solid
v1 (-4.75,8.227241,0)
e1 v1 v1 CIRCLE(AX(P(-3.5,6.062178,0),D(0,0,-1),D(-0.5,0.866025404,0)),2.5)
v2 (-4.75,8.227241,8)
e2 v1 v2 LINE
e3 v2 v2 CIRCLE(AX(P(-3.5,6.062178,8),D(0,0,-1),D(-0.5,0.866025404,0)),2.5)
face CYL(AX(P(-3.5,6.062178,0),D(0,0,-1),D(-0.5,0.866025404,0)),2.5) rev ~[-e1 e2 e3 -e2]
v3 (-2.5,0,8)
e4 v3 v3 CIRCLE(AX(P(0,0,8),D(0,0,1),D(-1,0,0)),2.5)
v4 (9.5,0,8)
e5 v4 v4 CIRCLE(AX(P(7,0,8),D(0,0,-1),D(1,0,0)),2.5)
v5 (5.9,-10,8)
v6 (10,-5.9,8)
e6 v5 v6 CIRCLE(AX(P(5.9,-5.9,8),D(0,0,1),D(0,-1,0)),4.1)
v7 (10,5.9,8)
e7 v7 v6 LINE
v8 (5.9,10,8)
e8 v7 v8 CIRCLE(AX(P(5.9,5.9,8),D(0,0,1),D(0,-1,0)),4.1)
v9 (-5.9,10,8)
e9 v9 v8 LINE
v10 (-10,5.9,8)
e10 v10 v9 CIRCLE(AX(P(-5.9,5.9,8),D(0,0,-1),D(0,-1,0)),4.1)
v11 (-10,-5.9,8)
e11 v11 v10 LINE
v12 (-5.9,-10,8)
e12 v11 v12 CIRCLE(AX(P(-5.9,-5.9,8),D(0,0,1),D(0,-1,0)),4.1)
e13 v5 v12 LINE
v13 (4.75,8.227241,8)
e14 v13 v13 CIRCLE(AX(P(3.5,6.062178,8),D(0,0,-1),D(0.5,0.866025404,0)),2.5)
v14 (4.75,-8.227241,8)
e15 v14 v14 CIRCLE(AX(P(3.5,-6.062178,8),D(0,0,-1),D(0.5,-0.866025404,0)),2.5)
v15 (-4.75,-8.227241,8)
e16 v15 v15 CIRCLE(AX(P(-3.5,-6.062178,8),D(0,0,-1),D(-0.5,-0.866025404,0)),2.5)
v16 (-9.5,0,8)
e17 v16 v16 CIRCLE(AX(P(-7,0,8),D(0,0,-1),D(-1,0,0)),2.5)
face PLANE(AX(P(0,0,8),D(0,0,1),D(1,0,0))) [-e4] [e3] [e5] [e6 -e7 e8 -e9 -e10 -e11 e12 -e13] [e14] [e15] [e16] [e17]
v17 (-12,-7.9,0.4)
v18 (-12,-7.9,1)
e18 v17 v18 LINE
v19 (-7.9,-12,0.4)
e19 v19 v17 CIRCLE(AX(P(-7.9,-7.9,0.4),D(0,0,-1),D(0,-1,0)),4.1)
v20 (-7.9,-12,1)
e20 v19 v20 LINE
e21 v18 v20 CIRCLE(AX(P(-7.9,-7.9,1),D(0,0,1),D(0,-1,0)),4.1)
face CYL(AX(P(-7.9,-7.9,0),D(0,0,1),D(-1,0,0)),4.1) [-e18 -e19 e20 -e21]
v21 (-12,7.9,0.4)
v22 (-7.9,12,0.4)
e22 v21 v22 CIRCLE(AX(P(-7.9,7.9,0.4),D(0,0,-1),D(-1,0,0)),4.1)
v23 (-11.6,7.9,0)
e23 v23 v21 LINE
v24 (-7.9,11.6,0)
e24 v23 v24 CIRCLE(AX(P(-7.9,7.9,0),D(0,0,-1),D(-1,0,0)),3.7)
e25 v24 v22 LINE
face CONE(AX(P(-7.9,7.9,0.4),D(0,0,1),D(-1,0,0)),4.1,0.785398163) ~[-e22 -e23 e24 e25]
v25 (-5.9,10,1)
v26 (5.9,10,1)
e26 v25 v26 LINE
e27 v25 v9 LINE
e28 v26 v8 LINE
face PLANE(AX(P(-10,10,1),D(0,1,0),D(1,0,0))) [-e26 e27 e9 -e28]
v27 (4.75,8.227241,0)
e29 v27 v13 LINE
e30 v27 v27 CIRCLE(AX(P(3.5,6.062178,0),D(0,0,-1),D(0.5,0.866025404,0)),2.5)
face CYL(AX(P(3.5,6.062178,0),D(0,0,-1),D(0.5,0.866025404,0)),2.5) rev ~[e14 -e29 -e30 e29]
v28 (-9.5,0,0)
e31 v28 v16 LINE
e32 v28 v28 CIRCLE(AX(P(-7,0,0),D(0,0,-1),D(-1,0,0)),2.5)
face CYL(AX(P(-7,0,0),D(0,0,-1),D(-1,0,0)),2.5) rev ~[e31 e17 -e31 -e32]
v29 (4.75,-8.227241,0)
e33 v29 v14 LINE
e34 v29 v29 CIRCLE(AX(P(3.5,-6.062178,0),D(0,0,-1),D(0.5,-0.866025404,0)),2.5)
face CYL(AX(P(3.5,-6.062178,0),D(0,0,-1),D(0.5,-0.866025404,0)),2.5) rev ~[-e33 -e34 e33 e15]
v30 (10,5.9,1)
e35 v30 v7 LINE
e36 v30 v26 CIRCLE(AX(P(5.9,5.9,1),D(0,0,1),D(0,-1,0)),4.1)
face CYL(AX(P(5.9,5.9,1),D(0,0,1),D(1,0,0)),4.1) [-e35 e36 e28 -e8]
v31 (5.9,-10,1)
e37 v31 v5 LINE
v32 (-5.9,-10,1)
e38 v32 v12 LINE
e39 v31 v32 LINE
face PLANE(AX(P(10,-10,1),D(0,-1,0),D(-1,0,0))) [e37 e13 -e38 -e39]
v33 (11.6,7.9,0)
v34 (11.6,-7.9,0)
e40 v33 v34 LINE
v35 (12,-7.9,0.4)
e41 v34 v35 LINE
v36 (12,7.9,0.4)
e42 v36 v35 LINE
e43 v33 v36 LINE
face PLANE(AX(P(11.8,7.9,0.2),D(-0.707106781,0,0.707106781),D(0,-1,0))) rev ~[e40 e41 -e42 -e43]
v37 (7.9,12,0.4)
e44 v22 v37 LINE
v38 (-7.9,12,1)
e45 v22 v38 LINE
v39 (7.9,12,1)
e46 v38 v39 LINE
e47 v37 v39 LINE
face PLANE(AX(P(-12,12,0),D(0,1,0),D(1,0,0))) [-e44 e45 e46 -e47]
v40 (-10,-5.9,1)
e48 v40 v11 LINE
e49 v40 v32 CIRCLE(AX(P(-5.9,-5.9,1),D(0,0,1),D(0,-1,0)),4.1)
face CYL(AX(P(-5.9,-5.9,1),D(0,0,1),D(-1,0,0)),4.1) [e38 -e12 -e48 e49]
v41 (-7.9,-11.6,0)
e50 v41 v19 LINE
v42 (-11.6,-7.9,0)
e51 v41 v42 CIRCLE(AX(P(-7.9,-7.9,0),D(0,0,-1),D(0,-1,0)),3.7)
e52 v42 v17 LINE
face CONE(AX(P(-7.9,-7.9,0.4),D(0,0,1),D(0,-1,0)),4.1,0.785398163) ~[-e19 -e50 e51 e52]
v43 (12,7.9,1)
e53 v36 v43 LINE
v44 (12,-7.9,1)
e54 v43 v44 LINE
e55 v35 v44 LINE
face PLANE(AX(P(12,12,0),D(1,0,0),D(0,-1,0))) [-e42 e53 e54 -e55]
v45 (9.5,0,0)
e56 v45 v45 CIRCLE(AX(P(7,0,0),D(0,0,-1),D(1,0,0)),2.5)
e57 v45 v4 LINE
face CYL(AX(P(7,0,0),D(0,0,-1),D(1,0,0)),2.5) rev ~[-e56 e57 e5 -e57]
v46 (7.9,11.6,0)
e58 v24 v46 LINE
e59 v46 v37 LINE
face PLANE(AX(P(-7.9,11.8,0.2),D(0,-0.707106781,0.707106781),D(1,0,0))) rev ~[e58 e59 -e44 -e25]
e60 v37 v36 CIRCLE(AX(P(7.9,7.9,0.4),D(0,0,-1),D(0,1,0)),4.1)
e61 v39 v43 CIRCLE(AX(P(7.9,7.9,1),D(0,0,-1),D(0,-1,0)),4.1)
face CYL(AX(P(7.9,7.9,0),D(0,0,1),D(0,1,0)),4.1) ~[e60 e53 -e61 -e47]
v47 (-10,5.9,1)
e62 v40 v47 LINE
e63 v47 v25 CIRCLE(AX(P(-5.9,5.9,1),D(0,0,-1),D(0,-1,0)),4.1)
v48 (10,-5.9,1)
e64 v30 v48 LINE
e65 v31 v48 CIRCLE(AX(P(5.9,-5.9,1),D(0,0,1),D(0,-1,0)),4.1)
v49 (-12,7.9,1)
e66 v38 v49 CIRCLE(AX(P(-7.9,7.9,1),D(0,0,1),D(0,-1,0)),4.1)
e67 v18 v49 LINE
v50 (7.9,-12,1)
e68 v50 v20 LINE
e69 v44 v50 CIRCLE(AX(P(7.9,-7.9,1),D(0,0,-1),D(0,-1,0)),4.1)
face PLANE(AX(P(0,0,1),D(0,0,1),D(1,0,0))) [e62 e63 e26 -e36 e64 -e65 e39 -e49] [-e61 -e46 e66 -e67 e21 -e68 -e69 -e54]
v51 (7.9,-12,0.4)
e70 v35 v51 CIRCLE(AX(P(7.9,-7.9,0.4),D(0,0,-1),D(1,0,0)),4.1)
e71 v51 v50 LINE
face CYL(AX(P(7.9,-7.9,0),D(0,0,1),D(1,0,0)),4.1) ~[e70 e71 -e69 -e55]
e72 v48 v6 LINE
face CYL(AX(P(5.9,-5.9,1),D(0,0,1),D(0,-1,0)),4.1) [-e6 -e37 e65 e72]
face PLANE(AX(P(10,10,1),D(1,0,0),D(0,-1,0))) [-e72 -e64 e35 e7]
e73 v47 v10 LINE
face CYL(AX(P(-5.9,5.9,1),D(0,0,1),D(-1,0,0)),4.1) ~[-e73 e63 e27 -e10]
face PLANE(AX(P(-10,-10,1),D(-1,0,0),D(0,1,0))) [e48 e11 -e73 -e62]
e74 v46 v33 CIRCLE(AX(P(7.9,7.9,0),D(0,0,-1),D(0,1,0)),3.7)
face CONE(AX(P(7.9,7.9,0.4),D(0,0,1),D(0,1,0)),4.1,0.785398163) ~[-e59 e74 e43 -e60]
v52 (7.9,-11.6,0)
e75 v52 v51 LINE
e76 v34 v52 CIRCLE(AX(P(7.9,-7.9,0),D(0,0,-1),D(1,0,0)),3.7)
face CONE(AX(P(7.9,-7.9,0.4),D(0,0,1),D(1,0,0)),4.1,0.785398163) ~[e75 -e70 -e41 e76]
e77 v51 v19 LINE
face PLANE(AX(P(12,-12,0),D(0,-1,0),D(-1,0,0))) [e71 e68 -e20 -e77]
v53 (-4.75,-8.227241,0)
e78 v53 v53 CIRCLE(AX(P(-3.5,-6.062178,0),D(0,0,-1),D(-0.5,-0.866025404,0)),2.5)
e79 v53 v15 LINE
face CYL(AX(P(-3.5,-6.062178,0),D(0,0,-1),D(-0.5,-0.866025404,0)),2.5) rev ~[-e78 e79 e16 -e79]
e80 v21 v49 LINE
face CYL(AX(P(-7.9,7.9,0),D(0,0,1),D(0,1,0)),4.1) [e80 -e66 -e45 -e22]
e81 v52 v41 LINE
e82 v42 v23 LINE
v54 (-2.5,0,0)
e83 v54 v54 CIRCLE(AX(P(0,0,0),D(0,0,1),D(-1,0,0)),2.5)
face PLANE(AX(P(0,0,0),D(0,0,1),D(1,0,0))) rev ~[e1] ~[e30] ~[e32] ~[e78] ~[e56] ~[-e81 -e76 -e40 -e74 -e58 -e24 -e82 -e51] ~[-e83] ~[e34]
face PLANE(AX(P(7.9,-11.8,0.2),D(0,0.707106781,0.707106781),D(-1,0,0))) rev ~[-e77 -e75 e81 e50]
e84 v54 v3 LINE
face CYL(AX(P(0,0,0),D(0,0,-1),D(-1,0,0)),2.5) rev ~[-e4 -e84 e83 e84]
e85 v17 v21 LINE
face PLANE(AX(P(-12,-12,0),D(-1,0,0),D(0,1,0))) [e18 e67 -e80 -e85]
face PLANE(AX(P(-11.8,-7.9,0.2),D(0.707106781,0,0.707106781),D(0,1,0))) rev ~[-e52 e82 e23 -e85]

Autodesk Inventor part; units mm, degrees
ref_plane "YZ Plane" through (0, 0, 0) normal (1, 0, 0) x (0, 1, 0)
ref_plane "XZ Plane" through (0, 0, 0) normal (0, 1, 0) x (-1, 0, 0)
ref_plane "XY Plane" through (0, 0, 0) normal (0, 0, 1) x (1, 0, 0)
sketch "Sketch1" plane through (0, 0, 0) normal (0, 0, 1) x (1, 0, 0)
  line L0 (-12, 12) -> (12, 12)
  line L1 (12, 12) -> (12, -12)
  line L2 (12, -12) -> (-12, -12)
  line L3 (-12, -12) -> (-12, 12)
  line L4 (-12, 12) -> (12, -12) construction
  line L5 (12, 12) -> (-12, -12) construction
  point P0 (0, 0)
  dimension "d0" = 24
  dimension "d1" = 24
extrude "Extrusion1" add sketch "Sketch1" along normal blind 1
sketch "Sketch2" plane through (0, 0, 1) normal (0, 0, 1) x (1, 0, 0)
  line L0 (-10, 10) -> (10, 10)
  line L1 (10, 10) -> (10, -10)
  line L2 (10, -10) -> (-10, -10)
  line L3 (-10, -10) -> (-10, 10)
  line L4 (-10, 10) -> (10, -10) construction
  line L5 (10, 10) -> (-10, -10) construction
  point P0 (0, 0)
  dimension "d4" = 20
  dimension "d5" = 20
extrude "Extrusion2" add sketch "Sketch2" along normal blind 7
fillet "Fillet1" radius 4.1 8 edges at (10, 10, 4.5) (-10, 10, 4.5) (-10, -10, 4.5) (10, -10, 4.5) (12, -12, 0.5) (12, 12, 0.5) (-12, 12, 0.5) (-12, -12, 0.5)
chamfer "Chamfer1" distance 0.4 angle 45 8 edges at (-12, 0, 0) (-10.7991, -10.7991, 0) (0, -12, 0) (10.7991, -10.7991, 0) (12, 0, 0) (10.7991, 10.7991, 0) (0, 12, 0) (-10.7991, 10.7991, 0)
sketch "Sketch3" plane through (0, 0, 0) normal (0, 0, -1) x (-1, 0, 0)
  circle A0 centre (0, 0) radius 2.5
  circle A1 centre (7, 0) radius 2.5
  dimension "d12" = 5
  dimension "d15" = 7
extrude "Extrusion3" cut sketch "Sketch3" against normal through all
pattern_circular "Circular Pattern1" count 6 over 360 about axis through (0, 0, 0) along (0, 0, 1) of "Extrusion3"
equation "\"d1\" = d0"
properties part number "Speaker Cover"
